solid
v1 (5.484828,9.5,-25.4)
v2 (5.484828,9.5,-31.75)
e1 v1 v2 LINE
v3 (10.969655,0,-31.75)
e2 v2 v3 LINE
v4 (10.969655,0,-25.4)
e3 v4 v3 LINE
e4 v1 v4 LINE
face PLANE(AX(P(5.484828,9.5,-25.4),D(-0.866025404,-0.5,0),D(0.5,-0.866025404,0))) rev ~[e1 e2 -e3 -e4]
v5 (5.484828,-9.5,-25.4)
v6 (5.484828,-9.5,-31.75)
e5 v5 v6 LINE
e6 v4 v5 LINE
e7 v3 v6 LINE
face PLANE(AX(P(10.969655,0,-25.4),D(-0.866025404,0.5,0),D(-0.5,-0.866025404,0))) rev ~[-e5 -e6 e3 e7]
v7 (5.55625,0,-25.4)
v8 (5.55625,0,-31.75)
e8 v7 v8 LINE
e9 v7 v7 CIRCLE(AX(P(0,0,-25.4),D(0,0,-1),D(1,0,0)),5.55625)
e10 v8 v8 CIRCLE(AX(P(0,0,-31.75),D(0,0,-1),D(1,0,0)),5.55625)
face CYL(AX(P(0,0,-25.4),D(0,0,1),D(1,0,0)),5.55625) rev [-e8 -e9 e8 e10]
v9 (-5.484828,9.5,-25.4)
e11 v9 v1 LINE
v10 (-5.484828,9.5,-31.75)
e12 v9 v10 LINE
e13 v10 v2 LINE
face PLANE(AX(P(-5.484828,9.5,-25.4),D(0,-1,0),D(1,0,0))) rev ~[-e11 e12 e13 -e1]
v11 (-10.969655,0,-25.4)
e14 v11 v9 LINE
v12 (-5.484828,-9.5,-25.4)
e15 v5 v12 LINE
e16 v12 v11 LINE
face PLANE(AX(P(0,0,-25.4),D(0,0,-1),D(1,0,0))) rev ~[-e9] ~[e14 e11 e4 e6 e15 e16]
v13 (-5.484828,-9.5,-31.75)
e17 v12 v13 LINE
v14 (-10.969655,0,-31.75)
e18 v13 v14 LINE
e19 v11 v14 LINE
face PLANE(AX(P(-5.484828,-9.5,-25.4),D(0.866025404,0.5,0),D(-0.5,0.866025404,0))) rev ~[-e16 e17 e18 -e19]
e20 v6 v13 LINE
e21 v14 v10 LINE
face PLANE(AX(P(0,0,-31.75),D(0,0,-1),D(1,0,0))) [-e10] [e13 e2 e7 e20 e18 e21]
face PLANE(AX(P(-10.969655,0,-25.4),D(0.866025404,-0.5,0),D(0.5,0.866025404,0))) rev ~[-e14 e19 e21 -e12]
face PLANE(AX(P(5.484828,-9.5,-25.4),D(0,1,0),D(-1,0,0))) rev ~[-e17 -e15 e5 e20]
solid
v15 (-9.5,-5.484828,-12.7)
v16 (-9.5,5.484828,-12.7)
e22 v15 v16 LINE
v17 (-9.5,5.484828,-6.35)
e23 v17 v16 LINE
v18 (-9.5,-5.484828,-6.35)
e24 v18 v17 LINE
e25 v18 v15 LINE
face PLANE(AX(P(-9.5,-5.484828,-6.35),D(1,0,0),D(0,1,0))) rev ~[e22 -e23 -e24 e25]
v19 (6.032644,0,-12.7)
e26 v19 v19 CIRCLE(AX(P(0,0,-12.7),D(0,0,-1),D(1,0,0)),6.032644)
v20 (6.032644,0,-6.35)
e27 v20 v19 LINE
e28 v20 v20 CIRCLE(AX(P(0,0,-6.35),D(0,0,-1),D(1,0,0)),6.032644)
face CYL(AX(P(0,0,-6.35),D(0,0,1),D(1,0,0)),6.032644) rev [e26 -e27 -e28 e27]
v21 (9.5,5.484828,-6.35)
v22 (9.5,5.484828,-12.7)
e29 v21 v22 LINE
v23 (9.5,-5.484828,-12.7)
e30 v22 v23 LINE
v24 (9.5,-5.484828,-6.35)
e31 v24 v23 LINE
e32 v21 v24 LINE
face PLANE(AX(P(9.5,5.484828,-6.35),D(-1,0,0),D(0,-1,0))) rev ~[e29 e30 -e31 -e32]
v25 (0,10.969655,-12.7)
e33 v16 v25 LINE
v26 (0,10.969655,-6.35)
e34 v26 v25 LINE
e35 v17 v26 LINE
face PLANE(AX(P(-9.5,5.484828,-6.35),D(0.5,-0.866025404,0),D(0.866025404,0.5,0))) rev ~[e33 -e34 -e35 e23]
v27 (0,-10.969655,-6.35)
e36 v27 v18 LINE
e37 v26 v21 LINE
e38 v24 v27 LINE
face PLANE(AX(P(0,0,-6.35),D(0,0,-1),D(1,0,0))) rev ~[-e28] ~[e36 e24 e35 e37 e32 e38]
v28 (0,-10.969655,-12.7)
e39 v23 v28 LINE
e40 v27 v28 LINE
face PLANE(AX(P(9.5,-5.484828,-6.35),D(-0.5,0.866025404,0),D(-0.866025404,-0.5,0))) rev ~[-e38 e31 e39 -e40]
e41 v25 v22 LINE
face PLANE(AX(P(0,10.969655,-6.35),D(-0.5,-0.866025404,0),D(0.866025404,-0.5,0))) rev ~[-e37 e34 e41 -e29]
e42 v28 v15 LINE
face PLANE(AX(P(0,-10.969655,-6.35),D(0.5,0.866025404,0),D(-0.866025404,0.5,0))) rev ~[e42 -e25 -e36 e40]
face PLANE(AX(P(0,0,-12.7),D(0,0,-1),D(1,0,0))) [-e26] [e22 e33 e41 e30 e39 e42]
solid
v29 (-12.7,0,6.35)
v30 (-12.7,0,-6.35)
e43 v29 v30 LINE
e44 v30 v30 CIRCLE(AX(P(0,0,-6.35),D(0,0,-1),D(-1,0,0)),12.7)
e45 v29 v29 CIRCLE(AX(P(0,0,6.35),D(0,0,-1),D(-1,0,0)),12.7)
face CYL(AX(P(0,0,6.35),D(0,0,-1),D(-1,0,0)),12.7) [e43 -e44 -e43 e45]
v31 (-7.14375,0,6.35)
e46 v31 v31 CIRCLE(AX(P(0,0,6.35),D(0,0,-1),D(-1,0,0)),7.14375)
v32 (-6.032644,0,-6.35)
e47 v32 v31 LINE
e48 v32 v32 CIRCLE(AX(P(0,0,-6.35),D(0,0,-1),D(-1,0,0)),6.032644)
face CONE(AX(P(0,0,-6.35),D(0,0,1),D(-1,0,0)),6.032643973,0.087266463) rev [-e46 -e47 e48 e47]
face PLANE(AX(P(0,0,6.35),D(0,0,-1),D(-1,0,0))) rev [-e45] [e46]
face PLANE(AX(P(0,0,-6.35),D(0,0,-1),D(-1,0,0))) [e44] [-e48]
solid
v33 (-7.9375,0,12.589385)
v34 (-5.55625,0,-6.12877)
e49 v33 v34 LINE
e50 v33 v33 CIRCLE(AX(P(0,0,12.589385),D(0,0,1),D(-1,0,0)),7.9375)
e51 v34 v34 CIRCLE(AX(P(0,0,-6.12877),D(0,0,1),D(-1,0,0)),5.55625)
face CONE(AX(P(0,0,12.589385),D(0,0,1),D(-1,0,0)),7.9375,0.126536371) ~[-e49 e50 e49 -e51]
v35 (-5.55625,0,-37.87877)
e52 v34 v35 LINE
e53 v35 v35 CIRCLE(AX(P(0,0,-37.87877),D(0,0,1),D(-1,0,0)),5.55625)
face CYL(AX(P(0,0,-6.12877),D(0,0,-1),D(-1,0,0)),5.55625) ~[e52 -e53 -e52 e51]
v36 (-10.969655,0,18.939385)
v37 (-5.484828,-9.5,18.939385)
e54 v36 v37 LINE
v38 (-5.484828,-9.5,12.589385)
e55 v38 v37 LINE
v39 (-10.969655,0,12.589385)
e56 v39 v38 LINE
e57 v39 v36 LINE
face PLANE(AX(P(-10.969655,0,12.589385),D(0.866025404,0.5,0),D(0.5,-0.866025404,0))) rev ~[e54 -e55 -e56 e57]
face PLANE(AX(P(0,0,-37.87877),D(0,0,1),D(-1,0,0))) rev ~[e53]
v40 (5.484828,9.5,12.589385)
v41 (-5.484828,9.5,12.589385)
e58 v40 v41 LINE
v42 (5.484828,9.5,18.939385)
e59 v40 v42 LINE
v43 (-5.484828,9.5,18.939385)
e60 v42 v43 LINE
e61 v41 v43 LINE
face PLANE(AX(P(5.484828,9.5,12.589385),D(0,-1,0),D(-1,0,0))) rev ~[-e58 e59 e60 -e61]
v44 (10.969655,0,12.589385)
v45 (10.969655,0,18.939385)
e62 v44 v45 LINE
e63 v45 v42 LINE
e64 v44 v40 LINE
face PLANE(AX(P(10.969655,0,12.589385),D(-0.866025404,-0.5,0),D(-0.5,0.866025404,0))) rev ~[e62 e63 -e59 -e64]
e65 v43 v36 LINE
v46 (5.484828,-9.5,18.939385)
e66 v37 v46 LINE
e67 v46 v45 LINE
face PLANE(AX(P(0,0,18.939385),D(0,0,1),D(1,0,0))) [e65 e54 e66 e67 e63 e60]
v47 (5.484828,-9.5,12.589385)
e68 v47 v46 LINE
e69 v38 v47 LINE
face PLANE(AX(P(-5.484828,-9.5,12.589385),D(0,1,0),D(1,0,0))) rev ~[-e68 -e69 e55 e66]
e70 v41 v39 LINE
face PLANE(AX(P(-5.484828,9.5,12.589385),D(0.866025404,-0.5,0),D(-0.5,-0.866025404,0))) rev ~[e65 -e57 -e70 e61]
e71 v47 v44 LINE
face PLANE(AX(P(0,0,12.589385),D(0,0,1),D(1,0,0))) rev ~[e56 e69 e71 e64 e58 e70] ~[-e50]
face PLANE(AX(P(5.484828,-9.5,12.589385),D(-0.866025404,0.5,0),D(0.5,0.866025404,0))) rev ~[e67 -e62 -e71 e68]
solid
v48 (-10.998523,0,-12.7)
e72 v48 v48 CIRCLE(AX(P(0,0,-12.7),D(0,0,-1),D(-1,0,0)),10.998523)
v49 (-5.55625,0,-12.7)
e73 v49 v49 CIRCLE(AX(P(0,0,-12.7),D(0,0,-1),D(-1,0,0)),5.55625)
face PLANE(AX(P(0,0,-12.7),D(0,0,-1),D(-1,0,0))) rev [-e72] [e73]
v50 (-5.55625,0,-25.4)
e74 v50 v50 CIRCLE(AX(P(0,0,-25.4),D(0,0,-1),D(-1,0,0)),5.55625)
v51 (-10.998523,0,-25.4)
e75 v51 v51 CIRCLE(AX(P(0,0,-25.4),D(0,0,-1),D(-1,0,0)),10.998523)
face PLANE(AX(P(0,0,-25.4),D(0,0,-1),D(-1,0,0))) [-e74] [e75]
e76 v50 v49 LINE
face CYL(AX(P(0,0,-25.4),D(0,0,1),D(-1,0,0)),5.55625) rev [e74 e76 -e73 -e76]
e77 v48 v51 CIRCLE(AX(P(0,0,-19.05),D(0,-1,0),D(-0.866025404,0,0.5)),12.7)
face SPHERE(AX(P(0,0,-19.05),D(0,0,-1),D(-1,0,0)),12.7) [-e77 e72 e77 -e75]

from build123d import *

# Parameters (mm, degrees)
F4_R      = 7.9375
F5_DEPTH  = 6.35
F8_R      = 6.0326439732
F9_DEPTH  = 6.35
F10_R     = 5.55625
F11_DEPTH = 6.35


with BuildPart() as f1:
    # F0 (on Front) → F1 (revolve)
    with BuildSketch(Plane.XZ):
        Polygon((-6.0326439732, -6.35), (-7.14375, 6.35), (-12.7, 6.35), (-12.7, -6.35), align=None)
    revolve(axis=Axis((0, 0, 0.0013147309), (0, 0, -1)))


with BuildPart() as f3:
    # F2 (on Front) → F3 (revolve)
    with BuildSketch(Plane.XZ):
        Polygon((0, 12.5893847921), (-7.9375, 12.5893847921), (-5.55625, -6.1287695843), (-5.55625, -37.8787695843), (0, -37.8787695843), align=None)
    revolve(axis=Axis((0, 0, -12.6446923961), (0, 0, 1)))

    # F4 (on face) → F5 (join)
    with BuildSketch(Plane.XY.offset(12.5893847921)):
        Polygon((10.9696551146, 0), (5.4848275573, 9.5), (-5.4848275573, 9.5), (-10.9696551146, 0), (-5.4848275573, -9.5), (5.4848275573, -9.5), align=None)
        Circle(F4_R, mode=Mode.SUBTRACT)
        Circle(F4_R)
    extrude(amount=F5_DEPTH)


with BuildPart() as f7:
    # F6 (on Front) → F7 (revolve)
    with BuildSketch(Plane.XZ):
        with BuildLine():
            Line((-5.55625, -25.4), (-5.55625, -12.7))
            Line((-5.55625, -12.7), (-10.9985226281, -12.7))
            ThreePointArc((-10.9985226281, -12.7), (-12.7, -19.05), (-10.9985226281, -25.4))
            Line((-10.9985226281, -25.4), (-5.55625, -25.4))
        make_face()
    revolve(axis=Axis((0, 0, 0.0013147309), (0, 0, -1)))


with BuildPart() as f9:
    # F8 (on face) → F9 (new body)
    with BuildSketch(Plane(origin=(0, 0, -6.35), x_dir=(1, 0, 0), z_dir=(0, 0, -1))):
        Polygon((9.5, 5.4848275573), (0, 10.9696551146), (-9.5, 5.4848275573), (-9.5, -5.4848275573), (0, -10.9696551146), (9.5, -5.4848275573), align=None)
        Circle(F8_R, mode=Mode.SUBTRACT)
    extrude(amount=F9_DEPTH)


with BuildPart() as f11:
    # F10 (on face) → F11 (new body)
    with BuildSketch(Plane(origin=(0, 0, -25.4), x_dir=(1, 0, 0), z_dir=(0, 0, -1))):
        Polygon((5.4848275573, 9.5), (-5.4848275573, 9.5), (-10.9696551146, 0), (-5.4848275573, -9.5), (5.4848275573, -9.5), (10.9696551146, 0), align=None)
        Circle(F10_R, mode=Mode.SUBTRACT)
    extrude(amount=F11_DEPTH)


solid = Compound([f1.part, f3.part, f7.part, f9.part, f11.part])
